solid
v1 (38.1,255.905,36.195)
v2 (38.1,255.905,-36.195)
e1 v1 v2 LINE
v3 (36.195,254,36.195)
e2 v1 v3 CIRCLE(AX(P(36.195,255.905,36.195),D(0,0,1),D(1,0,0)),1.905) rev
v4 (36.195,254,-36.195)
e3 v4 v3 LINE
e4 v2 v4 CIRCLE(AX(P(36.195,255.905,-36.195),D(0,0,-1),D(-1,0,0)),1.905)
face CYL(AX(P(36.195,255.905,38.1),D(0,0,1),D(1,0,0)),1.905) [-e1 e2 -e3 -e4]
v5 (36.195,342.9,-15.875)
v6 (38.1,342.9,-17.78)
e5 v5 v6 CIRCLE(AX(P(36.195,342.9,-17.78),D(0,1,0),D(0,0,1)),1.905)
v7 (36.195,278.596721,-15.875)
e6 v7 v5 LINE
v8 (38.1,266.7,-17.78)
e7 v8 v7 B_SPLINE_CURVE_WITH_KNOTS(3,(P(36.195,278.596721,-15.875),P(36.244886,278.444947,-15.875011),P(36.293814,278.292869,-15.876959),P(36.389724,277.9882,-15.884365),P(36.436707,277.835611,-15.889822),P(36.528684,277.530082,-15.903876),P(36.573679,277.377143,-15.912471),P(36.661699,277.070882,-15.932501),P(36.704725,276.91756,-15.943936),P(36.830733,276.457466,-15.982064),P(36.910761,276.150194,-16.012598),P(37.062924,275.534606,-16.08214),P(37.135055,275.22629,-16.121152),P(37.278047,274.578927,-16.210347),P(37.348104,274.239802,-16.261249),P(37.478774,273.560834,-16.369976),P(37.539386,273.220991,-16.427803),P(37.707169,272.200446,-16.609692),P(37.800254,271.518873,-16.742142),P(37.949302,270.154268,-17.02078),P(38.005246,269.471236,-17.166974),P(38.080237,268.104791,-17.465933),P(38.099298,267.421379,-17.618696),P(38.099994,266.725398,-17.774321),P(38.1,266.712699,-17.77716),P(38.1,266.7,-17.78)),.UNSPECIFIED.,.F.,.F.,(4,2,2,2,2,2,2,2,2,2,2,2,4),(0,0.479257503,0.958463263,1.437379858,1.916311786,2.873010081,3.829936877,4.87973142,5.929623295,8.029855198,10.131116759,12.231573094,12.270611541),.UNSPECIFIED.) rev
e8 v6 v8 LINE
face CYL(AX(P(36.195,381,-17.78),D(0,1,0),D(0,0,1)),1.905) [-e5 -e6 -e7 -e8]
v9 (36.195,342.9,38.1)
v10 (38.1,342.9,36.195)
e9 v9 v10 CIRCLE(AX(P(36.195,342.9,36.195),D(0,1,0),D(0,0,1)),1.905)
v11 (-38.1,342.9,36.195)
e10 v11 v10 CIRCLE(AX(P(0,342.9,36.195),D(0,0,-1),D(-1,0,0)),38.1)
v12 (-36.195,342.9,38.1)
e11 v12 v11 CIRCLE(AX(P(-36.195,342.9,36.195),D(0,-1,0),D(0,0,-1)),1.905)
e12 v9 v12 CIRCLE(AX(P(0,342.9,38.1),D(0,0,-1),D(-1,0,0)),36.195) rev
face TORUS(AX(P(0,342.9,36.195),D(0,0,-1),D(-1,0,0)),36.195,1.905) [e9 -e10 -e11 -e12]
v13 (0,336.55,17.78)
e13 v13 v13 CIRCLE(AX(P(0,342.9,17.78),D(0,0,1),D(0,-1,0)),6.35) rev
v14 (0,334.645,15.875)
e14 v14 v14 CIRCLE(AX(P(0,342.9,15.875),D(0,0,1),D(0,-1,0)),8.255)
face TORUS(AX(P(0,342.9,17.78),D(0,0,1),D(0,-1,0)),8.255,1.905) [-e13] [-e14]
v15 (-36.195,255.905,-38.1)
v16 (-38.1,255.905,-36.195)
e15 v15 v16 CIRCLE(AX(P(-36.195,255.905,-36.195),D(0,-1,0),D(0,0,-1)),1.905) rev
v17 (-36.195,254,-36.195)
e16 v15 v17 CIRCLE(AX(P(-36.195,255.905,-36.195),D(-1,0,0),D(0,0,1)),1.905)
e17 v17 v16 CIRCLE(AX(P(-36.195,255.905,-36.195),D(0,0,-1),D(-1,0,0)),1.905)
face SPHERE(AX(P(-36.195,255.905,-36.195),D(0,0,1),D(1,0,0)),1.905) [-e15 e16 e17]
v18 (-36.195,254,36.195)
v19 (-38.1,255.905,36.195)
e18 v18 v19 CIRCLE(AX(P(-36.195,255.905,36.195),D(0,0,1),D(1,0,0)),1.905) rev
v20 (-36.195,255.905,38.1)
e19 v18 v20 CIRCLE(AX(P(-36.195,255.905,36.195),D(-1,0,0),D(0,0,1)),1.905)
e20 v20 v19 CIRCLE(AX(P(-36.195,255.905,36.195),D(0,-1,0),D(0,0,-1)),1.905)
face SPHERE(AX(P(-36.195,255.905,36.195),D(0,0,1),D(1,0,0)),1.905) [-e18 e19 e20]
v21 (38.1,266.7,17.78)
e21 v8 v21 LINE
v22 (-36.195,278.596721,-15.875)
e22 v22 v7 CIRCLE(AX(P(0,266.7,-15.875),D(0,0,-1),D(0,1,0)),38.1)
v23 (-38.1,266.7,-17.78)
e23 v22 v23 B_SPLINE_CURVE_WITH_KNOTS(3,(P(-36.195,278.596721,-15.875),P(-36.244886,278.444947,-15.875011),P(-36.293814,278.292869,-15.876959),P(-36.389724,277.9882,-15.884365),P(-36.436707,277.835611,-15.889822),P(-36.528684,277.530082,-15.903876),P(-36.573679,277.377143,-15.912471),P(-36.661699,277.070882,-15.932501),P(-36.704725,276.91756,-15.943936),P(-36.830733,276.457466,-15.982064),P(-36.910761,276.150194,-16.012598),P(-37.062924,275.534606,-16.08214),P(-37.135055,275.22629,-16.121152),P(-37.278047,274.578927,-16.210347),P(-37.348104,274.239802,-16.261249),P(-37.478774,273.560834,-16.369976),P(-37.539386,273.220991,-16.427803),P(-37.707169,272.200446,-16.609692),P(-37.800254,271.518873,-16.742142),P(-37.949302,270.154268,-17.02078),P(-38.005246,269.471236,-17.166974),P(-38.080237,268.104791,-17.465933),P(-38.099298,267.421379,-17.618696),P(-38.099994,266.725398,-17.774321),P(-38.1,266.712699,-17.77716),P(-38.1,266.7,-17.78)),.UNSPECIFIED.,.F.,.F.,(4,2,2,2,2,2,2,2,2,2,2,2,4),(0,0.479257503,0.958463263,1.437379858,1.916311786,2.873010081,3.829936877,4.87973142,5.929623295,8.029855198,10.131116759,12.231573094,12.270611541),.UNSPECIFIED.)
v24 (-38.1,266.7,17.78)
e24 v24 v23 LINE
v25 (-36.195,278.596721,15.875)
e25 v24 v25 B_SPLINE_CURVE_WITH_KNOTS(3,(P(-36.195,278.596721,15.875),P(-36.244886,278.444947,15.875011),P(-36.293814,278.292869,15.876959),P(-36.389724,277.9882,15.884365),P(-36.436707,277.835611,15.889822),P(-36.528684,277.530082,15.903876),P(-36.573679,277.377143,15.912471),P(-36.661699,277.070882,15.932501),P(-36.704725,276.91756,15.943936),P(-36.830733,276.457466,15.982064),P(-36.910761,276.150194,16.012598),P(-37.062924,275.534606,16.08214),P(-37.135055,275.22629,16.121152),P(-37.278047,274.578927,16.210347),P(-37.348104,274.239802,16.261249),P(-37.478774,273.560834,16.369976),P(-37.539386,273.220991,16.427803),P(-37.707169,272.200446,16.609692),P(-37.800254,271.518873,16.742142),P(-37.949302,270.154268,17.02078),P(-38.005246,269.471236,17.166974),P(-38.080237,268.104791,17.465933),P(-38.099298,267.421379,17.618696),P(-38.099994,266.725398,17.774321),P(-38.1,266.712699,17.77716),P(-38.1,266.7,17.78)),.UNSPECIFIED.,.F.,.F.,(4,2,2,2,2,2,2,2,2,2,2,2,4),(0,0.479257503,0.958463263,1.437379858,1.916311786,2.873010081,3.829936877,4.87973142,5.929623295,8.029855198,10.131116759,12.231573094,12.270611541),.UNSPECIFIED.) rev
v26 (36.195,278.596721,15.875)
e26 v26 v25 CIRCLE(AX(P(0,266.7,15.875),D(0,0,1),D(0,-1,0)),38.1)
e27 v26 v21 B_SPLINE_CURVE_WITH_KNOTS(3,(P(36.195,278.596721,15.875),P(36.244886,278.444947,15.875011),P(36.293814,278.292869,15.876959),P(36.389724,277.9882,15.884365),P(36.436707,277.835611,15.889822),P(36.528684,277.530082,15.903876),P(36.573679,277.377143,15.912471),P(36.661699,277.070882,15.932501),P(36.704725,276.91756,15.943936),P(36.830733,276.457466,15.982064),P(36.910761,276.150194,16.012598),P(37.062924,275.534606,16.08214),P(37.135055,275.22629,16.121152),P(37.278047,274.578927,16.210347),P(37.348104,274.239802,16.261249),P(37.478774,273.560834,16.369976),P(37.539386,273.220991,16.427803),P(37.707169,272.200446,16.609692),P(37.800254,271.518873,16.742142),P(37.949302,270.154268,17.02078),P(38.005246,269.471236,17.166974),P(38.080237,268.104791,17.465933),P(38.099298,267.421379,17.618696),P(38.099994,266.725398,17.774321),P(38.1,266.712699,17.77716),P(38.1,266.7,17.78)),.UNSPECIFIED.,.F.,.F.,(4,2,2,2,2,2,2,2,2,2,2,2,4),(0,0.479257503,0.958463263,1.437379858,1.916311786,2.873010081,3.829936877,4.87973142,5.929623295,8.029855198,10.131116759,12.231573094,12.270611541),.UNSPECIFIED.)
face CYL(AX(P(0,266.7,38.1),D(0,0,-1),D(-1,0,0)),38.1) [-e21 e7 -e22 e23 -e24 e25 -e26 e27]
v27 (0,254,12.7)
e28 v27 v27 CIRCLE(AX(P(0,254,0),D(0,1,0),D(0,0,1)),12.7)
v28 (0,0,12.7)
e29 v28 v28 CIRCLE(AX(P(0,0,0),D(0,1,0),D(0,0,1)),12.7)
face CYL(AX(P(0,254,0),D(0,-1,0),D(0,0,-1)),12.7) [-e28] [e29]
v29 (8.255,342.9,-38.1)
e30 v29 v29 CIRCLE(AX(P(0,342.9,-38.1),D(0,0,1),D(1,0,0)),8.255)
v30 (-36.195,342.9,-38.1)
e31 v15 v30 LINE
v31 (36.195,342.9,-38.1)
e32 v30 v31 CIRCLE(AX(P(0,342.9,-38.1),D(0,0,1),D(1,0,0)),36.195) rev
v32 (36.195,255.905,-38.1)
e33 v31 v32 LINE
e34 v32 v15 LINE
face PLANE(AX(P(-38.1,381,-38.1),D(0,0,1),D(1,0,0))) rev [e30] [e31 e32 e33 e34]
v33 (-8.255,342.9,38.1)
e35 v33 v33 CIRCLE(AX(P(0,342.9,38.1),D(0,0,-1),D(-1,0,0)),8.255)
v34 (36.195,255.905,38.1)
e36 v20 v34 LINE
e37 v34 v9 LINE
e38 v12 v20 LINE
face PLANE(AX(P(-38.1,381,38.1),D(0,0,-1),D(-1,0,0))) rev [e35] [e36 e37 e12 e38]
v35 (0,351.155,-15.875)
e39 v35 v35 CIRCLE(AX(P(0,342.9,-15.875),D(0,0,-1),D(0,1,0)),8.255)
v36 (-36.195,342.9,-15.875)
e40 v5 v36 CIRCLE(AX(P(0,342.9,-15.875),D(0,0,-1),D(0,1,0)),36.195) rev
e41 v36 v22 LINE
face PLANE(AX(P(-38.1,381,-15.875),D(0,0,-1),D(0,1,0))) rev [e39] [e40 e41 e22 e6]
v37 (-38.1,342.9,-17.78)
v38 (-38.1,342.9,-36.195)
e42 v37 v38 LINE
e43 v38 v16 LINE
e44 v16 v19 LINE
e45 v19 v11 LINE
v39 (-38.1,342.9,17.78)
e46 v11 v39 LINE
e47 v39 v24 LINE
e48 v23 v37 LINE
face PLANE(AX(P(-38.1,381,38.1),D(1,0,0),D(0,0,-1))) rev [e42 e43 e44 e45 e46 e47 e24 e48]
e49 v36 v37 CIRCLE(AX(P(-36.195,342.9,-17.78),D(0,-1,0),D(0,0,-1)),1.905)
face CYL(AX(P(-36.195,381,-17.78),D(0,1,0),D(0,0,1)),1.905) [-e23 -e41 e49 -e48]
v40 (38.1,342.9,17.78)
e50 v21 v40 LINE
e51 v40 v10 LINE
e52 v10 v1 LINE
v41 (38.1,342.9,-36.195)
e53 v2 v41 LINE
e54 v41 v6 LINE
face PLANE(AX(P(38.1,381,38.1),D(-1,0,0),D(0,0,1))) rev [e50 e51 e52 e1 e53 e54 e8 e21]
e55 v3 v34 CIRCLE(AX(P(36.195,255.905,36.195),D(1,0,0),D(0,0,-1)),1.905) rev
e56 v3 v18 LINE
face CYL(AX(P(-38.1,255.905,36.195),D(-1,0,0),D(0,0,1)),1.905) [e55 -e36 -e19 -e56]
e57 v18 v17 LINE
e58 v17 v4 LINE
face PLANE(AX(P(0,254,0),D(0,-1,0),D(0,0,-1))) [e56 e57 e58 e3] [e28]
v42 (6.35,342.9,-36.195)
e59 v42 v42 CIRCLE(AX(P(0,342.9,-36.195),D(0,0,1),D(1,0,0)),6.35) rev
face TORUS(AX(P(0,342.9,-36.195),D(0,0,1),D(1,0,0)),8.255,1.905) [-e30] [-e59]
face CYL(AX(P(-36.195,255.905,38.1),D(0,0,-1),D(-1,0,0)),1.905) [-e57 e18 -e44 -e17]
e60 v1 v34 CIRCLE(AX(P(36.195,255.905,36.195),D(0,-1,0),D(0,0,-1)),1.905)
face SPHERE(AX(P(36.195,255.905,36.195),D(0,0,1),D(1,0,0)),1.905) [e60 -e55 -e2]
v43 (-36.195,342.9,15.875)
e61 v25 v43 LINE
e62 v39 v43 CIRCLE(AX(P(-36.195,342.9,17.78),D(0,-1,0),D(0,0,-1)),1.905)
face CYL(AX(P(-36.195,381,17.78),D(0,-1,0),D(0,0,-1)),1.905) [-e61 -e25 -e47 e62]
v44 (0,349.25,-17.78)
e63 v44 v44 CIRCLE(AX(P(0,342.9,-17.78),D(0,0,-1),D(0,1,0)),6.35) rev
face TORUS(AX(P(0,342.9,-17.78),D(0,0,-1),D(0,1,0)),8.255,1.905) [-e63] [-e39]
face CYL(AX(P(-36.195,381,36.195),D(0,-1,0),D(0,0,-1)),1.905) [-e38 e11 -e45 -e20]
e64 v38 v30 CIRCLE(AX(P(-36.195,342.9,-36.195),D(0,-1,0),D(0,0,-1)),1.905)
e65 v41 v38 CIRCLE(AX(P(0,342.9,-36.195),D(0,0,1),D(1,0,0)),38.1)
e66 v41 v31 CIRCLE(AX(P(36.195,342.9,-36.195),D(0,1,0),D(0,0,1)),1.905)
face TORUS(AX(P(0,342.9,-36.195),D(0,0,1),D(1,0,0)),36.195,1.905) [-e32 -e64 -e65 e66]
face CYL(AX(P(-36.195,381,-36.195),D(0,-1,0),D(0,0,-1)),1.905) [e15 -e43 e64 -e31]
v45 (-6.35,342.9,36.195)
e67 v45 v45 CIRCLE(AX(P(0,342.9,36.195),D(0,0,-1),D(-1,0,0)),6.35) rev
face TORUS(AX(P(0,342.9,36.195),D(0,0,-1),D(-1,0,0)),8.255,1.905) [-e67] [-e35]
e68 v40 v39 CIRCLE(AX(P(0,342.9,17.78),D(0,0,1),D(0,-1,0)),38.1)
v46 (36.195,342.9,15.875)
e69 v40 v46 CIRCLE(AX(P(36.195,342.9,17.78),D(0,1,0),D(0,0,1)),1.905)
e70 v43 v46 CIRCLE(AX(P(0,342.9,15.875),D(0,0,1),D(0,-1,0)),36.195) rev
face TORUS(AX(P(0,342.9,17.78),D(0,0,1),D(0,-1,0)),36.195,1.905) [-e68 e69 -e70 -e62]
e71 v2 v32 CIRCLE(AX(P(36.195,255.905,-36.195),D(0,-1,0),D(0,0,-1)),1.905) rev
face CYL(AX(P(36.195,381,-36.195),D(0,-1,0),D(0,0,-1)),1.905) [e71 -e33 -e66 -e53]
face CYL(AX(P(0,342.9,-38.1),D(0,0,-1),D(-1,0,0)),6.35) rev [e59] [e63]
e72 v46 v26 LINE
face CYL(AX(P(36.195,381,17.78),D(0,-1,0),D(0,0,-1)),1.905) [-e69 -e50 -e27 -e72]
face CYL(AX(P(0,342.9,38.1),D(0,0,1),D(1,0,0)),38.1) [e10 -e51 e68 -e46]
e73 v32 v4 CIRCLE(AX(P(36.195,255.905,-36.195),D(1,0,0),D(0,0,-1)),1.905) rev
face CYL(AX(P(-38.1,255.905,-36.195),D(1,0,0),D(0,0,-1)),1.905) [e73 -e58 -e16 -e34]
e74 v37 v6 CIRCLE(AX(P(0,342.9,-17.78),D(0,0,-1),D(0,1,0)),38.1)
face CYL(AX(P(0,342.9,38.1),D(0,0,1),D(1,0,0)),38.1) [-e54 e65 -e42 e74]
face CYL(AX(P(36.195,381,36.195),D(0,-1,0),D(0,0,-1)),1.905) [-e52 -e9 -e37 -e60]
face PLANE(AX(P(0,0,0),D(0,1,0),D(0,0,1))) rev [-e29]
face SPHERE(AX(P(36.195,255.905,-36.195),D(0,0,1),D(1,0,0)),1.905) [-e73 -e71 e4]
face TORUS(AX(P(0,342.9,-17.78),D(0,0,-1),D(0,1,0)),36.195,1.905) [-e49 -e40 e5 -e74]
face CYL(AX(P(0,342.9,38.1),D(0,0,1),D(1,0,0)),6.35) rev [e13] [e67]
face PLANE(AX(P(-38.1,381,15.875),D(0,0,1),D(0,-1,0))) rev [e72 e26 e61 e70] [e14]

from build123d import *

# Parameters (mm, degrees)
SKETCH1_R           = 12.7
BOSS_EXTRUDE1_DEPTH = 254
SKETCH2_W           = 76.2
SKETCH2_H           = 76.2
BOSS_EXTRUDE2_DEPTH = 127
FILLET1_RADIUS      = 38.1
FILLET1_LENGTH      = 76.2
SKETCH3_W           = 31.75
SKETCH3_H           = 76.2
CUT_EXTRUDE1_DEPTH  = 38.1
HOLE1_REACH         = 392.409
HOLE1_BORE_R        = 6.35
FILLET2_RADIUS      = 38.1
FILLET2_LENGTH      = 31.75
FILLET3_R           = 1.905


with BuildPart() as part:
    # Sketch1 → Boss-Extrude1 (new body)
    with BuildSketch(Plane(origin=(0, 0, 0), x_dir=(1, 0, 0), z_dir=(0, 1, 0))):
        with Locations(Location((0, 0, 0), (0, 0, 270))):
            Circle(SKETCH1_R)
    extrude(amount=BOSS_EXTRUDE1_DEPTH)

    # Sketch2 → Boss-Extrude2 (add)
    with BuildSketch(Plane(origin=(0, 254, 0), x_dir=(1, 0, 0), z_dir=(0, 1, 0))):
        Rectangle(SKETCH2_W, SKETCH2_H)
    extrude(amount=BOSS_EXTRUDE2_DEPTH)

    # Fillet1: full round fillet: the end face becomes a half cylinder, R = half its width
    fillet1_face = Plane((0, 381, 0), x_dir=(0, 0, -1), z_dir=(0, 1, 0))  # on the end face: x along it, z out of the body
    fillet1_slab = fillet1_face.offset(-FILLET1_RADIUS / 2) * Box(FILLET1_LENGTH, 2 * FILLET1_RADIUS, FILLET1_RADIUS, mode=Mode.PRIVATE)  # the body's end, R deep
    fillet1_round = Plane((0, 342.9, 0), x_dir=(0, 1, 0), z_dir=(0, 0, -1)) * Cylinder(FILLET1_RADIUS, FILLET1_LENGTH, mode=Mode.PRIVATE)  # its axis R under the face
    add(fillet1_slab - fillet1_round, mode=Mode.SUBTRACT)

    # Sketch3 → Cut-Extrude1 (cut, symmetric)
    with BuildSketch(Plane(origin=(0, 0, 0), x_dir=(0, 0, -1), z_dir=(1, 0, 0))):
        with Locations((0, 342.9)):
            Rectangle(SKETCH3_W, SKETCH3_H)
    extrude(amount=CUT_EXTRUDE1_DEPTH, both=True, mode=Mode.SUBTRACT)

    # Hole1 bore → Hole1 (cut, up to next)
    with BuildSketch(Plane.XY.offset(38.1), mode=Mode.PRIVATE) as hole1_sk1:
        with Locations((0, 342.9)):
            Circle(HOLE1_BORE_R)
    hole1_tool1 = extrude(hole1_sk1.sketch, amount=-HOLE1_REACH, mode=Mode.PRIVATE) & part.part
    hole1 = hole1_tool1.solids().sort_by_distance((0, 342.9, 38.1))[0]
    add(hole1, mode=Mode.SUBTRACT)

    # Mirror1: Hole1 across plane
    add(hole1.mirror(Plane.XY), mode=Mode.SUBTRACT)

    # Fillet2: full round fillet: the end face becomes a half cylinder, R = half its width
    fillet2_face = Plane((0, 304.8, 0), x_dir=(0, 0, 1), z_dir=(0, 1, 0))  # on the end face: x along it, z out of the body
    fillet2_slab = fillet2_face.offset(-FILLET2_RADIUS / 2) * Box(FILLET2_LENGTH, 2 * FILLET2_RADIUS, FILLET2_RADIUS, mode=Mode.PRIVATE)  # the body's end, R deep
    fillet2_round = Plane((0, 266.7, 0), x_dir=(0, 1, 0), z_dir=(0, 0, 1)) * Cylinder(FILLET2_RADIUS, FILLET2_LENGTH, mode=Mode.PRIVATE)  # its axis R under the face
    add(fillet2_slab - fillet2_round, mode=Mode.SUBTRACT)

    # Fillet3
    fillet3_edges = [part.edges().sort_by_distance(p)[0] for p in [
        (-38.1, 298.45, 38.1),
        (-38.1, 298.45, -38.1),
        (38.1, 298.45, -38.1),
        (38.1, 298.45, 38.1),
        (0, 381, 38.1),
        (0, 381, -38.1),
        (-38.1, 304.8, 15.875),
        (0, 381, 15.875),
        (0, 381, -15.875),
        (-38.1, 304.8, -15.875),
        (38.1, 304.8, 15.875),
        (38.1, 304.8, -15.875),
        (-6.35, 342.9, 38.1),
        (-6.35, 342.9, 15.875),
        (-6.35, 342.9, -38.1),
        (-6.35, 342.9, -15.875),
        (38.1, 254, 0),
        (0, 254, -38.1),
        (-38.1, 254, 0),
        (0, 254, 38.1),
    ]]
    fillet(fillet3_edges, radius=FILLET3_R)


solid = part.part
